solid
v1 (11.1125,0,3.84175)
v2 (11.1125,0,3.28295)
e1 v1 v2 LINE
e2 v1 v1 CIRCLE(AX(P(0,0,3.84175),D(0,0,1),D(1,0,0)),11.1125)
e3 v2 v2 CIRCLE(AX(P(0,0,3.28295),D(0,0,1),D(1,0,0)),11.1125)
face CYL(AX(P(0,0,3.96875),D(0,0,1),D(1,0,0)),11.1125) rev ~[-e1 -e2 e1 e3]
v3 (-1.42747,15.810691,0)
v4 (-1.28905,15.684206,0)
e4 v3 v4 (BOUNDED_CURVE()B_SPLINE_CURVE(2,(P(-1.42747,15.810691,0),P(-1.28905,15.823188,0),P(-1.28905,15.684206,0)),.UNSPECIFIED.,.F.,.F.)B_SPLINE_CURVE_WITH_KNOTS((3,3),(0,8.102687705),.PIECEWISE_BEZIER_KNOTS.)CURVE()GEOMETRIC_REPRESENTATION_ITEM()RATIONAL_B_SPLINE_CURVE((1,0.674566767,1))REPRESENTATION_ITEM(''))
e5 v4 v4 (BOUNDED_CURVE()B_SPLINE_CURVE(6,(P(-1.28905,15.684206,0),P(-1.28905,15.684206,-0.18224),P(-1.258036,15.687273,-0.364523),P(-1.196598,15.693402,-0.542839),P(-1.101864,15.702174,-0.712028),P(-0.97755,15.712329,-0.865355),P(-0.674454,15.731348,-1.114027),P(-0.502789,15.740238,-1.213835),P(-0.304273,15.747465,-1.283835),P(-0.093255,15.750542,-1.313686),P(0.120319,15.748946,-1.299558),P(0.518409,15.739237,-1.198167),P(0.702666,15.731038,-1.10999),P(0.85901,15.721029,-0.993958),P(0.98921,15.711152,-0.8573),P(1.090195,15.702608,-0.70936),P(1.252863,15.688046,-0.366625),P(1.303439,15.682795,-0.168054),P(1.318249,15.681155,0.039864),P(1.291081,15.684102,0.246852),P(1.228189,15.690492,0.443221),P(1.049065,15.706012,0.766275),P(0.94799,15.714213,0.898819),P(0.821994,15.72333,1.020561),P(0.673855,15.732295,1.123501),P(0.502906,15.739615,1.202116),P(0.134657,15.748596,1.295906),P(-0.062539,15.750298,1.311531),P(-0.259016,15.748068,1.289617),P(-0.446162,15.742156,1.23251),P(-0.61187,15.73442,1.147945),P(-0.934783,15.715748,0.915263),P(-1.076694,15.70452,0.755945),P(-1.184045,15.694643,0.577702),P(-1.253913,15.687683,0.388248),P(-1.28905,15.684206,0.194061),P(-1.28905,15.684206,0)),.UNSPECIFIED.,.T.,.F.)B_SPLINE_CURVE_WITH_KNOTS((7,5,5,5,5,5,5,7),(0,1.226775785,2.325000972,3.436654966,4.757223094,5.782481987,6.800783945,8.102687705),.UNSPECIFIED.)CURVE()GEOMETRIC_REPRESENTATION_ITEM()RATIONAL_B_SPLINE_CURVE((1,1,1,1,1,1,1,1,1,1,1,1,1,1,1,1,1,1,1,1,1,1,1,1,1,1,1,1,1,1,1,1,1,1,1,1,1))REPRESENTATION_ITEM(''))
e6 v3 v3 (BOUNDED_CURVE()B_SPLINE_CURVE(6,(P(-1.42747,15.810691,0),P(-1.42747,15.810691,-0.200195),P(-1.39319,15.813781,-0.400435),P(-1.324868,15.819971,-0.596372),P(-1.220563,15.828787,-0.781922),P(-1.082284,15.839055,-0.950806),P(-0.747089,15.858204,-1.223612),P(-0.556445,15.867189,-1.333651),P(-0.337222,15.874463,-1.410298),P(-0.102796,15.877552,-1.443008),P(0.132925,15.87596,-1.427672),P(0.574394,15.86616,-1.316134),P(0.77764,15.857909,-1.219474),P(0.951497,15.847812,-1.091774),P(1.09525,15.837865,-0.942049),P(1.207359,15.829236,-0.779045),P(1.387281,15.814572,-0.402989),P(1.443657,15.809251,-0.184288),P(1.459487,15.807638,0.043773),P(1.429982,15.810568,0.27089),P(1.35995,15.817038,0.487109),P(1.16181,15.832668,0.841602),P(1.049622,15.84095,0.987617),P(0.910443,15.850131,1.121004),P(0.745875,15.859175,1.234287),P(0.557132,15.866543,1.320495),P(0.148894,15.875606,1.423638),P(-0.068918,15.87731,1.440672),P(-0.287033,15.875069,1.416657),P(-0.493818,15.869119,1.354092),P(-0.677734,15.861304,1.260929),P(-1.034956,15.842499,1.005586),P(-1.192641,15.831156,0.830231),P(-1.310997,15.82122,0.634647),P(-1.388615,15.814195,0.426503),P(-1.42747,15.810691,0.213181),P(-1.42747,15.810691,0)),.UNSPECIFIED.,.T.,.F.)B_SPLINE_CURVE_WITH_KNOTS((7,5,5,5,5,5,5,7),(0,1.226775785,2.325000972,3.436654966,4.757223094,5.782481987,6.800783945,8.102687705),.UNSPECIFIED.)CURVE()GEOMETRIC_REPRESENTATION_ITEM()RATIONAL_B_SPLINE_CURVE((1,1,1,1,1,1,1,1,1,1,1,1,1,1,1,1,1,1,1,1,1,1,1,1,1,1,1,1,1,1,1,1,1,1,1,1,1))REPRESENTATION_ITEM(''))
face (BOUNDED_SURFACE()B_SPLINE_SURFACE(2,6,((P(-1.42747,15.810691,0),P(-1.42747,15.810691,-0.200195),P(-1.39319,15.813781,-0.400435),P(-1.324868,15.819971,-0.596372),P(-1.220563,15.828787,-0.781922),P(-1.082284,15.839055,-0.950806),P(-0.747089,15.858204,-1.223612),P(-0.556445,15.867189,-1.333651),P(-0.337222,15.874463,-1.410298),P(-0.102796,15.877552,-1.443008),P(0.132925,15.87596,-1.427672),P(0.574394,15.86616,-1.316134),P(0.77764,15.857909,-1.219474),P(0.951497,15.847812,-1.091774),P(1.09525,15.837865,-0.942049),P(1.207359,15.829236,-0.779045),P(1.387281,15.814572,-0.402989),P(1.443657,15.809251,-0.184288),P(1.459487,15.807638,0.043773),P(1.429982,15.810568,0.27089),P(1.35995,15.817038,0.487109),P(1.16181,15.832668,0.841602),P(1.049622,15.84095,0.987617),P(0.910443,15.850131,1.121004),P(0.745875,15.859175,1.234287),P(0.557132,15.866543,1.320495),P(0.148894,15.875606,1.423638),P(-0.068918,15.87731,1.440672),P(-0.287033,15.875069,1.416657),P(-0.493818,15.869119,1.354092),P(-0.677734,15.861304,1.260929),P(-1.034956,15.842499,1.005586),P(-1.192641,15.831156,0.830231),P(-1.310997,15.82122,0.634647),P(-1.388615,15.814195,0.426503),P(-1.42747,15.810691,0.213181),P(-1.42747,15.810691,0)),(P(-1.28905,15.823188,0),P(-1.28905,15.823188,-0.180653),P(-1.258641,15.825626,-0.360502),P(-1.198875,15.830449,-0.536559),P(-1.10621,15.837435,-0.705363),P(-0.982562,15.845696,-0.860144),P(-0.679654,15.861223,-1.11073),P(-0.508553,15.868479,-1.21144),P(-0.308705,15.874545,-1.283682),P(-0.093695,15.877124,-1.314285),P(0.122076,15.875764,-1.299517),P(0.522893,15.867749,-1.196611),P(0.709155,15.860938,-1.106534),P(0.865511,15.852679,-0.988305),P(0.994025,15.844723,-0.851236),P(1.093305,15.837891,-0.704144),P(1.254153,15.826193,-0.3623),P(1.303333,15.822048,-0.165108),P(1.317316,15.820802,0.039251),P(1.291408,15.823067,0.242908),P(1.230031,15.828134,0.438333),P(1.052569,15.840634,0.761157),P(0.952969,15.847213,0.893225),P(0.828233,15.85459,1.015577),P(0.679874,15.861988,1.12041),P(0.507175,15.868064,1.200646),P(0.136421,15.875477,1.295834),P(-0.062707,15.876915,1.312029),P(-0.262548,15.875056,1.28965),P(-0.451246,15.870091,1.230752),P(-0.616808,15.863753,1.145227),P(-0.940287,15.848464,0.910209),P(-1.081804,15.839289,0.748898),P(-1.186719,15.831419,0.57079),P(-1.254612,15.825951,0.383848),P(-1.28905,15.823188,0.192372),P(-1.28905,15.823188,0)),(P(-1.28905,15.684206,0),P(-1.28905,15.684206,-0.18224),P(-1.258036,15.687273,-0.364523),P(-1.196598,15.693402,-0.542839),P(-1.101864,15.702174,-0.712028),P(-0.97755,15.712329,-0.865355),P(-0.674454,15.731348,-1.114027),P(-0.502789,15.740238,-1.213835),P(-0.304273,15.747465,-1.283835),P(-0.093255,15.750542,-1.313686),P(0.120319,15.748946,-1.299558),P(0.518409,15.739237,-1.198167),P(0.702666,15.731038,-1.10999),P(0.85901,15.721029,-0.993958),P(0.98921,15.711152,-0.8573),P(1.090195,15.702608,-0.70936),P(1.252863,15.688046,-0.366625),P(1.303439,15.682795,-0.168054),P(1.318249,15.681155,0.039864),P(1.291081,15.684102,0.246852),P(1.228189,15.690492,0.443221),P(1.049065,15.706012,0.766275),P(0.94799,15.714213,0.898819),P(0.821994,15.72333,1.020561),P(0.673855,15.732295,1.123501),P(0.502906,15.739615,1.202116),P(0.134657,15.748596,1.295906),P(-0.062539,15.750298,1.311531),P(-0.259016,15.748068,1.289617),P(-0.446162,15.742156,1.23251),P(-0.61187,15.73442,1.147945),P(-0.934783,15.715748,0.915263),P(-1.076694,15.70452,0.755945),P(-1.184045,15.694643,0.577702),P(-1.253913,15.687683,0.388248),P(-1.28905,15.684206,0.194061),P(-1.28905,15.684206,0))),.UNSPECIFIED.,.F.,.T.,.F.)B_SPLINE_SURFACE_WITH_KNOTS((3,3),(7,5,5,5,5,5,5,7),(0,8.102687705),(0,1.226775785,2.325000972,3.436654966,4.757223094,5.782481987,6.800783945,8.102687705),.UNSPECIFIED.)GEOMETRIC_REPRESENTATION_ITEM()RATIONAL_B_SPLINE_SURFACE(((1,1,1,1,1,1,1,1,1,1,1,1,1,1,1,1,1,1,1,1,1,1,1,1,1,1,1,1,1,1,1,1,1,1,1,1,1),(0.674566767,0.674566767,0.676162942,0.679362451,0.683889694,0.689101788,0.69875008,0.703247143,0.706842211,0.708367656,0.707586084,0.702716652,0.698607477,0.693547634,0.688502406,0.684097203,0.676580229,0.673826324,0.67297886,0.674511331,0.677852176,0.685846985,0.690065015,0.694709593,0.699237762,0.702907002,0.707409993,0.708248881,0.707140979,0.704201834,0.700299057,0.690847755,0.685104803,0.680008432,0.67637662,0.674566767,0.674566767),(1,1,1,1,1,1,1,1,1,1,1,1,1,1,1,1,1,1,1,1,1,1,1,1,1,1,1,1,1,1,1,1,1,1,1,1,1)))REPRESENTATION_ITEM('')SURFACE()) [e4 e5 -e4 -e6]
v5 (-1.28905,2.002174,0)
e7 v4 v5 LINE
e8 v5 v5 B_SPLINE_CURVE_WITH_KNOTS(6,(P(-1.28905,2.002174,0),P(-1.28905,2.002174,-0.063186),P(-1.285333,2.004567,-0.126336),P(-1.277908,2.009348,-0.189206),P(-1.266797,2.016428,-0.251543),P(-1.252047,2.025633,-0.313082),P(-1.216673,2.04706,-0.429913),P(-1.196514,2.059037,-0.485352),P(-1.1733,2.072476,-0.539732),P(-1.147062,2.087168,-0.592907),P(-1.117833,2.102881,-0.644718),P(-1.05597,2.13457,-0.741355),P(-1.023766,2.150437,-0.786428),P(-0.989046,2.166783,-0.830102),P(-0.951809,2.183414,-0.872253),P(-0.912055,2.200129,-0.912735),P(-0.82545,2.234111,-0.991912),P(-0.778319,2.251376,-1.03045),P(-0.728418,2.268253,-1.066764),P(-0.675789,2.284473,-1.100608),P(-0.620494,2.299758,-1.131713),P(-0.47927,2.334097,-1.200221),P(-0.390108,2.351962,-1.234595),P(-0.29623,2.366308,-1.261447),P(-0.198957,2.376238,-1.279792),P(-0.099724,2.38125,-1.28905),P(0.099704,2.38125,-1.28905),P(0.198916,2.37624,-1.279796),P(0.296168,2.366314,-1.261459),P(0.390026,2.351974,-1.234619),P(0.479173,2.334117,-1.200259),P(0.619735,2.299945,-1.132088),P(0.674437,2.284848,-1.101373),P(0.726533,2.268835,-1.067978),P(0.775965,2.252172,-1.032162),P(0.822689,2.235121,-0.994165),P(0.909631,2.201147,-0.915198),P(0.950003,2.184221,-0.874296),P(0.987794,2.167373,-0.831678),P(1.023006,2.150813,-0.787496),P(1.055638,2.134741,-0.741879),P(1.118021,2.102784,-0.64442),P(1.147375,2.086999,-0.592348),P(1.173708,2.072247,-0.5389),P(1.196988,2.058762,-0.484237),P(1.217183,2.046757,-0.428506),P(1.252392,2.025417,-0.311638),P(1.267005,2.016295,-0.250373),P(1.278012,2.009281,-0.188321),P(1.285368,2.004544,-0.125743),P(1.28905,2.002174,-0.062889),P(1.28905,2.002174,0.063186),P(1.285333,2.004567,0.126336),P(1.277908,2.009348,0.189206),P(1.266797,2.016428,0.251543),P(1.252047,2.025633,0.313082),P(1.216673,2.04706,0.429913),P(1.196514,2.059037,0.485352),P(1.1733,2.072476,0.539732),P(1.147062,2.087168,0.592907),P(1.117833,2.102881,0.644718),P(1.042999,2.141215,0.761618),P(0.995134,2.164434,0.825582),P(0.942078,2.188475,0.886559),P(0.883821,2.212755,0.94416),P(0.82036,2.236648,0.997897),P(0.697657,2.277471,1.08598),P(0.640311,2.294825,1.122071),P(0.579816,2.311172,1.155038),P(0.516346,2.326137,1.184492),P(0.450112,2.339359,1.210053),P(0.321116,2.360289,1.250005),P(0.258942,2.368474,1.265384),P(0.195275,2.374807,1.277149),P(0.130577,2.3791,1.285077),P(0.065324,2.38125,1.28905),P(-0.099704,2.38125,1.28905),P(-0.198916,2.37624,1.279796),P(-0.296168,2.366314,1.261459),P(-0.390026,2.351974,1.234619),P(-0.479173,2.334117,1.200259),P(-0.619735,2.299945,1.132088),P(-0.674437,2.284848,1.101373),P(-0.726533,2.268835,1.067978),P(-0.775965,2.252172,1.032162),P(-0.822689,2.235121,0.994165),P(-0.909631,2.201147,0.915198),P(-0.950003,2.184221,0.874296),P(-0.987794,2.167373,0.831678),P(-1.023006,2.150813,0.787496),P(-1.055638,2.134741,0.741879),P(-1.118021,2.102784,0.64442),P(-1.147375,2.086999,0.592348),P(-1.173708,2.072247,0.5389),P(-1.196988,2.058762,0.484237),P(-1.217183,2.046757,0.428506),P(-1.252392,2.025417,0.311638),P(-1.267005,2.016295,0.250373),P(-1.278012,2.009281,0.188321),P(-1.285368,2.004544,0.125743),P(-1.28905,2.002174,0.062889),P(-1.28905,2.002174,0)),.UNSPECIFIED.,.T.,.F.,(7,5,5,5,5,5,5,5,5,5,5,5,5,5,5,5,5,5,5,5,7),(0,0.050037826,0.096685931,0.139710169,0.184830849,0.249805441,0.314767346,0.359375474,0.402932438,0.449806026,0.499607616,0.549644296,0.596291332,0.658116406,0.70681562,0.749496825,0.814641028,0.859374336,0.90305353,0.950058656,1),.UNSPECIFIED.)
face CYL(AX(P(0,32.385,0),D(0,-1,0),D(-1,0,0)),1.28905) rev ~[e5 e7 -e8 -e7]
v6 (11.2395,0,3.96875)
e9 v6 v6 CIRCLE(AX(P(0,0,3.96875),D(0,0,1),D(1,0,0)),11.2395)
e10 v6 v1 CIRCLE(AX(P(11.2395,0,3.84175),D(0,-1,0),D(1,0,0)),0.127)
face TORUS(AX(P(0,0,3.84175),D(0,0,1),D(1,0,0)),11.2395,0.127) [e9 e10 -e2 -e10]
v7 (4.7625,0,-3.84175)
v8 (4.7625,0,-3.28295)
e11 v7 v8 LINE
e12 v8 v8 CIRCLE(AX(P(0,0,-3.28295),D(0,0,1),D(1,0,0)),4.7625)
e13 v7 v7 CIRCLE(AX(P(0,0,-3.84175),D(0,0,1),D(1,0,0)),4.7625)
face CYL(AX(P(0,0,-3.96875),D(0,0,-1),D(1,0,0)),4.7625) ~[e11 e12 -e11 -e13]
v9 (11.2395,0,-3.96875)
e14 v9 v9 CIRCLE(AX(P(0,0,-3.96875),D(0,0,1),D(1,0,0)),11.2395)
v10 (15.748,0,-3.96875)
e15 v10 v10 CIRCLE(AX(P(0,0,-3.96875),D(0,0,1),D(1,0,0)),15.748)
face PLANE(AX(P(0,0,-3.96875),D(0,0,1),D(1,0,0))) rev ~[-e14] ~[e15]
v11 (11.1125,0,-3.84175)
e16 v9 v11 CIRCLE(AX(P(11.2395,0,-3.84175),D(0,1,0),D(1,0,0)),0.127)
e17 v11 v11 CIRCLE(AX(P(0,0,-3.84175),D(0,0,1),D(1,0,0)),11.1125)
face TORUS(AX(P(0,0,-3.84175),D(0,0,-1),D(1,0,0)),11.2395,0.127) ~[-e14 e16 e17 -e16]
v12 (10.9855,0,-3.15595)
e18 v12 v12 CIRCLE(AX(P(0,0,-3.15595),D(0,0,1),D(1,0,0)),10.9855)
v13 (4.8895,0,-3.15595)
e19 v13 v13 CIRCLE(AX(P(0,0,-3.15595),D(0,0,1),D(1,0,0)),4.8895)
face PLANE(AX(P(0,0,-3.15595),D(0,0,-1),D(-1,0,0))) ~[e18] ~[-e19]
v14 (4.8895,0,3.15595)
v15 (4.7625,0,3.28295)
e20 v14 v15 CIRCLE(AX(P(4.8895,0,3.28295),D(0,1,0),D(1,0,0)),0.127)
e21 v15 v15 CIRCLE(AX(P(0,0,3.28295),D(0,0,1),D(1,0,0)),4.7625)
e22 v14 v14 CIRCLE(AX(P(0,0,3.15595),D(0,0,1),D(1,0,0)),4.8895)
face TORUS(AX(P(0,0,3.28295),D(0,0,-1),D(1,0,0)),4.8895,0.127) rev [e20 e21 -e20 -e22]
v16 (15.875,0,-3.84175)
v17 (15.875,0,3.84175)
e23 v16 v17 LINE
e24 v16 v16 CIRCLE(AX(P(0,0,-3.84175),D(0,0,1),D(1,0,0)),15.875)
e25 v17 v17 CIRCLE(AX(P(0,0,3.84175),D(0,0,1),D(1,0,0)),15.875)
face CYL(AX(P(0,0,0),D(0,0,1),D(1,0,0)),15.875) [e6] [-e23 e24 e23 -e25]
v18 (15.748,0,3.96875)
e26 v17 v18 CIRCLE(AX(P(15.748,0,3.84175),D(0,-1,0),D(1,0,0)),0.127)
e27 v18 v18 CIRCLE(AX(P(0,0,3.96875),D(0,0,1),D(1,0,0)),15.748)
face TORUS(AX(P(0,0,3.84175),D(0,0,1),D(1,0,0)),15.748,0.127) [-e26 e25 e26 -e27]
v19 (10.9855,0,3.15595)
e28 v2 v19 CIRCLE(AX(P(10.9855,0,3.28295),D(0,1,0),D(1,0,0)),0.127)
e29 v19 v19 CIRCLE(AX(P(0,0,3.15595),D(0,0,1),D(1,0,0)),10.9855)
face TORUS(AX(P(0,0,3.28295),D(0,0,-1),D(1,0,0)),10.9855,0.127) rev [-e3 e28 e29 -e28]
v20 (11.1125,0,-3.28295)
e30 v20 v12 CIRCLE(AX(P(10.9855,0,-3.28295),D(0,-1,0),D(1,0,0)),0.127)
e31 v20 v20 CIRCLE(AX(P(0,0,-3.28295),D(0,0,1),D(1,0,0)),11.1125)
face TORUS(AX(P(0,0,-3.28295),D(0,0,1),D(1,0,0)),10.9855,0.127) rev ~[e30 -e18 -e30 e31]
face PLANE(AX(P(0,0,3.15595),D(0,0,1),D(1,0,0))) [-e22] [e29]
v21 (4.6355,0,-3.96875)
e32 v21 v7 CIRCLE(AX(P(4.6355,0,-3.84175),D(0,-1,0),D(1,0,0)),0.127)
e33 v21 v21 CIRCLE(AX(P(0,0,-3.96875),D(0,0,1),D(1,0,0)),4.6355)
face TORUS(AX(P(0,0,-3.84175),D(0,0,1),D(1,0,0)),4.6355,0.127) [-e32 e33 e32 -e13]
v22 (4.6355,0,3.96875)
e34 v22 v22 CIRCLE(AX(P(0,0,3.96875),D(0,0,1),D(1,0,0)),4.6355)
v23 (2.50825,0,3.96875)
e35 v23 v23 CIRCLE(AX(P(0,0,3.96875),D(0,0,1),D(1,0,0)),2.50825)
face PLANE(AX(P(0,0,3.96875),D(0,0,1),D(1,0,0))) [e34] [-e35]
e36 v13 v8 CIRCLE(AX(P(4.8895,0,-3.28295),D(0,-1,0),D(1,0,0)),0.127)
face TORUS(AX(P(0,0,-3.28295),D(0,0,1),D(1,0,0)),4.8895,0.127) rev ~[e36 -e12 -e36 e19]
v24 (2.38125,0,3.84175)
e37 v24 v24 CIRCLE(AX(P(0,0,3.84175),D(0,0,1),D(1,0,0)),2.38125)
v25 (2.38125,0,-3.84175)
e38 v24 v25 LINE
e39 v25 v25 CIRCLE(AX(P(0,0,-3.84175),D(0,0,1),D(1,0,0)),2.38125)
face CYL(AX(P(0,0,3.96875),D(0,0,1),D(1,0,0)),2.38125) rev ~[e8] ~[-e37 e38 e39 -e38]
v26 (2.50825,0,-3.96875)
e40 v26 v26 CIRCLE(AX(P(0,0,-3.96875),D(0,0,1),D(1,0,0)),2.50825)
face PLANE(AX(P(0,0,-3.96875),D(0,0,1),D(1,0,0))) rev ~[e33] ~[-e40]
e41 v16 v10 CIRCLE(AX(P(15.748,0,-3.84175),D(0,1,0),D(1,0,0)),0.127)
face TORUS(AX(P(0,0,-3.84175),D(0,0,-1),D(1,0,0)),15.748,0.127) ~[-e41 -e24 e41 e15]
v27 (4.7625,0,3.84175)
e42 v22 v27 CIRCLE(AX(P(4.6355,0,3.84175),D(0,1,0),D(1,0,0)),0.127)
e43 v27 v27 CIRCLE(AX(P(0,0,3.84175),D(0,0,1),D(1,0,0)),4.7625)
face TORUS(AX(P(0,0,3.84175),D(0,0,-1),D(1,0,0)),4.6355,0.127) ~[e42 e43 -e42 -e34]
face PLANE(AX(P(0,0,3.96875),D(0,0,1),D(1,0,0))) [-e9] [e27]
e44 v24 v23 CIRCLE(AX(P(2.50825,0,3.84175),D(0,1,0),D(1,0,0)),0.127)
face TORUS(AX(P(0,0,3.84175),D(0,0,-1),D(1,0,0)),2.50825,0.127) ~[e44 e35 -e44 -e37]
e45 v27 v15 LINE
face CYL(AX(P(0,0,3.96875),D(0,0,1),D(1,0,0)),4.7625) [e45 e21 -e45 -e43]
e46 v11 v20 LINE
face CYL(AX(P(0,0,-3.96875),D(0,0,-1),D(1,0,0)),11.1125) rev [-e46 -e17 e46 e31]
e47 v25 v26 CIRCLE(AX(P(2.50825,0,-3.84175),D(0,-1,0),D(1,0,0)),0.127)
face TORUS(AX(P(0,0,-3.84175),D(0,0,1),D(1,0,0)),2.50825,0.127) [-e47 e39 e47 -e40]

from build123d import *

# Parameters (mm, degrees)
SKETCH1_R                 = 15.875
BOSS_EXTRUDE1_DEPTH       = 3.96875
SKETCH2_R                 = 2.38125
CUT_EXTRUDE1_DEPTH        = 24.8125
SKETCH2_3_R               = 11.1125
SKETCH2_3_R_2             = 4.7625
CUT_EXTRUDE2_DEPTH        = 0.8128
F_5_40_TAPPED_HOLE1_D     = 2.5781
F_5_40_TAPPED_HOLE1_DEPTH = 16.51
F_5_40_TAPPED_HOLE1_TIP   = 0.774539381
FILLET1_R                 = 0.127


with BuildPart() as part:
    # Sketch1 → Boss-Extrude1 (new, symmetric)
    with BuildSketch(Plane.XY):
        Circle(SKETCH1_R)
    extrude(amount=BOSS_EXTRUDE1_DEPTH, both=True)

    # Sketch2 → Cut-Extrude1 (cut, through all)
    with BuildSketch(Plane.XY.offset(3.96875)):
        Circle(SKETCH2_R)
    extrude(amount=-CUT_EXTRUDE1_DEPTH, mode=Mode.SUBTRACT)

    # Sketch2<3> → Cut-Extrude2 (cut)
    with BuildSketch(Plane.XY.offset(3.96875)):
        Circle(SKETCH2_3_R)
        Circle(SKETCH2_3_R_2, mode=Mode.SUBTRACT)
    cut_extrude2 = extrude(amount=-CUT_EXTRUDE2_DEPTH, mode=Mode.SUBTRACT)

    # Mirror2: Cut-Extrude2 across plane
    add(cut_extrude2.mirror(Plane.XY), mode=Mode.SUBTRACT)

    # #5-40 Tapped Hole1
    with Locations(Plane(origin=(0, 15.875, 0), x_dir=(1, 0, 0), z_dir=(0, 1, 0))):
        with Locations((0, 0)):
            Hole(F_5_40_TAPPED_HOLE1_D / 2, depth=F_5_40_TAPPED_HOLE1_DEPTH)
            with Locations((0, 0, -(F_5_40_TAPPED_HOLE1_DEPTH + F_5_40_TAPPED_HOLE1_TIP / 2))):  # 118° drill point
                Cone(0, F_5_40_TAPPED_HOLE1_D / 2, F_5_40_TAPPED_HOLE1_TIP, mode=Mode.SUBTRACT)

    # Fillet1
    fillet1_edges = [part.edges().sort_by_distance(p)[0] for p in [
        (-4.7625, 0, 3.96875),
        (-11.1125, 0, 3.15595),
        (-4.7625, 0, 3.15595),
        (-11.1125, 0, 3.96875),
        (-4.7625, 0, -3.15595),
        (-11.1125, 0, -3.96875),
        (-11.1125, 0, -3.15595),
        (-4.7625, 0, -3.96875),
        (-15.875, 0, -3.96875),
        (1.289050005, 15.822578017, 2e-09),
        (-15.875, 0, 3.96875),
        (-2.38125, 0, -3.96875),
        (-2.38125, 0, 3.96875),
    ]]
    fillet(fillet1_edges, radius=FILLET1_R)


solid = part.part
